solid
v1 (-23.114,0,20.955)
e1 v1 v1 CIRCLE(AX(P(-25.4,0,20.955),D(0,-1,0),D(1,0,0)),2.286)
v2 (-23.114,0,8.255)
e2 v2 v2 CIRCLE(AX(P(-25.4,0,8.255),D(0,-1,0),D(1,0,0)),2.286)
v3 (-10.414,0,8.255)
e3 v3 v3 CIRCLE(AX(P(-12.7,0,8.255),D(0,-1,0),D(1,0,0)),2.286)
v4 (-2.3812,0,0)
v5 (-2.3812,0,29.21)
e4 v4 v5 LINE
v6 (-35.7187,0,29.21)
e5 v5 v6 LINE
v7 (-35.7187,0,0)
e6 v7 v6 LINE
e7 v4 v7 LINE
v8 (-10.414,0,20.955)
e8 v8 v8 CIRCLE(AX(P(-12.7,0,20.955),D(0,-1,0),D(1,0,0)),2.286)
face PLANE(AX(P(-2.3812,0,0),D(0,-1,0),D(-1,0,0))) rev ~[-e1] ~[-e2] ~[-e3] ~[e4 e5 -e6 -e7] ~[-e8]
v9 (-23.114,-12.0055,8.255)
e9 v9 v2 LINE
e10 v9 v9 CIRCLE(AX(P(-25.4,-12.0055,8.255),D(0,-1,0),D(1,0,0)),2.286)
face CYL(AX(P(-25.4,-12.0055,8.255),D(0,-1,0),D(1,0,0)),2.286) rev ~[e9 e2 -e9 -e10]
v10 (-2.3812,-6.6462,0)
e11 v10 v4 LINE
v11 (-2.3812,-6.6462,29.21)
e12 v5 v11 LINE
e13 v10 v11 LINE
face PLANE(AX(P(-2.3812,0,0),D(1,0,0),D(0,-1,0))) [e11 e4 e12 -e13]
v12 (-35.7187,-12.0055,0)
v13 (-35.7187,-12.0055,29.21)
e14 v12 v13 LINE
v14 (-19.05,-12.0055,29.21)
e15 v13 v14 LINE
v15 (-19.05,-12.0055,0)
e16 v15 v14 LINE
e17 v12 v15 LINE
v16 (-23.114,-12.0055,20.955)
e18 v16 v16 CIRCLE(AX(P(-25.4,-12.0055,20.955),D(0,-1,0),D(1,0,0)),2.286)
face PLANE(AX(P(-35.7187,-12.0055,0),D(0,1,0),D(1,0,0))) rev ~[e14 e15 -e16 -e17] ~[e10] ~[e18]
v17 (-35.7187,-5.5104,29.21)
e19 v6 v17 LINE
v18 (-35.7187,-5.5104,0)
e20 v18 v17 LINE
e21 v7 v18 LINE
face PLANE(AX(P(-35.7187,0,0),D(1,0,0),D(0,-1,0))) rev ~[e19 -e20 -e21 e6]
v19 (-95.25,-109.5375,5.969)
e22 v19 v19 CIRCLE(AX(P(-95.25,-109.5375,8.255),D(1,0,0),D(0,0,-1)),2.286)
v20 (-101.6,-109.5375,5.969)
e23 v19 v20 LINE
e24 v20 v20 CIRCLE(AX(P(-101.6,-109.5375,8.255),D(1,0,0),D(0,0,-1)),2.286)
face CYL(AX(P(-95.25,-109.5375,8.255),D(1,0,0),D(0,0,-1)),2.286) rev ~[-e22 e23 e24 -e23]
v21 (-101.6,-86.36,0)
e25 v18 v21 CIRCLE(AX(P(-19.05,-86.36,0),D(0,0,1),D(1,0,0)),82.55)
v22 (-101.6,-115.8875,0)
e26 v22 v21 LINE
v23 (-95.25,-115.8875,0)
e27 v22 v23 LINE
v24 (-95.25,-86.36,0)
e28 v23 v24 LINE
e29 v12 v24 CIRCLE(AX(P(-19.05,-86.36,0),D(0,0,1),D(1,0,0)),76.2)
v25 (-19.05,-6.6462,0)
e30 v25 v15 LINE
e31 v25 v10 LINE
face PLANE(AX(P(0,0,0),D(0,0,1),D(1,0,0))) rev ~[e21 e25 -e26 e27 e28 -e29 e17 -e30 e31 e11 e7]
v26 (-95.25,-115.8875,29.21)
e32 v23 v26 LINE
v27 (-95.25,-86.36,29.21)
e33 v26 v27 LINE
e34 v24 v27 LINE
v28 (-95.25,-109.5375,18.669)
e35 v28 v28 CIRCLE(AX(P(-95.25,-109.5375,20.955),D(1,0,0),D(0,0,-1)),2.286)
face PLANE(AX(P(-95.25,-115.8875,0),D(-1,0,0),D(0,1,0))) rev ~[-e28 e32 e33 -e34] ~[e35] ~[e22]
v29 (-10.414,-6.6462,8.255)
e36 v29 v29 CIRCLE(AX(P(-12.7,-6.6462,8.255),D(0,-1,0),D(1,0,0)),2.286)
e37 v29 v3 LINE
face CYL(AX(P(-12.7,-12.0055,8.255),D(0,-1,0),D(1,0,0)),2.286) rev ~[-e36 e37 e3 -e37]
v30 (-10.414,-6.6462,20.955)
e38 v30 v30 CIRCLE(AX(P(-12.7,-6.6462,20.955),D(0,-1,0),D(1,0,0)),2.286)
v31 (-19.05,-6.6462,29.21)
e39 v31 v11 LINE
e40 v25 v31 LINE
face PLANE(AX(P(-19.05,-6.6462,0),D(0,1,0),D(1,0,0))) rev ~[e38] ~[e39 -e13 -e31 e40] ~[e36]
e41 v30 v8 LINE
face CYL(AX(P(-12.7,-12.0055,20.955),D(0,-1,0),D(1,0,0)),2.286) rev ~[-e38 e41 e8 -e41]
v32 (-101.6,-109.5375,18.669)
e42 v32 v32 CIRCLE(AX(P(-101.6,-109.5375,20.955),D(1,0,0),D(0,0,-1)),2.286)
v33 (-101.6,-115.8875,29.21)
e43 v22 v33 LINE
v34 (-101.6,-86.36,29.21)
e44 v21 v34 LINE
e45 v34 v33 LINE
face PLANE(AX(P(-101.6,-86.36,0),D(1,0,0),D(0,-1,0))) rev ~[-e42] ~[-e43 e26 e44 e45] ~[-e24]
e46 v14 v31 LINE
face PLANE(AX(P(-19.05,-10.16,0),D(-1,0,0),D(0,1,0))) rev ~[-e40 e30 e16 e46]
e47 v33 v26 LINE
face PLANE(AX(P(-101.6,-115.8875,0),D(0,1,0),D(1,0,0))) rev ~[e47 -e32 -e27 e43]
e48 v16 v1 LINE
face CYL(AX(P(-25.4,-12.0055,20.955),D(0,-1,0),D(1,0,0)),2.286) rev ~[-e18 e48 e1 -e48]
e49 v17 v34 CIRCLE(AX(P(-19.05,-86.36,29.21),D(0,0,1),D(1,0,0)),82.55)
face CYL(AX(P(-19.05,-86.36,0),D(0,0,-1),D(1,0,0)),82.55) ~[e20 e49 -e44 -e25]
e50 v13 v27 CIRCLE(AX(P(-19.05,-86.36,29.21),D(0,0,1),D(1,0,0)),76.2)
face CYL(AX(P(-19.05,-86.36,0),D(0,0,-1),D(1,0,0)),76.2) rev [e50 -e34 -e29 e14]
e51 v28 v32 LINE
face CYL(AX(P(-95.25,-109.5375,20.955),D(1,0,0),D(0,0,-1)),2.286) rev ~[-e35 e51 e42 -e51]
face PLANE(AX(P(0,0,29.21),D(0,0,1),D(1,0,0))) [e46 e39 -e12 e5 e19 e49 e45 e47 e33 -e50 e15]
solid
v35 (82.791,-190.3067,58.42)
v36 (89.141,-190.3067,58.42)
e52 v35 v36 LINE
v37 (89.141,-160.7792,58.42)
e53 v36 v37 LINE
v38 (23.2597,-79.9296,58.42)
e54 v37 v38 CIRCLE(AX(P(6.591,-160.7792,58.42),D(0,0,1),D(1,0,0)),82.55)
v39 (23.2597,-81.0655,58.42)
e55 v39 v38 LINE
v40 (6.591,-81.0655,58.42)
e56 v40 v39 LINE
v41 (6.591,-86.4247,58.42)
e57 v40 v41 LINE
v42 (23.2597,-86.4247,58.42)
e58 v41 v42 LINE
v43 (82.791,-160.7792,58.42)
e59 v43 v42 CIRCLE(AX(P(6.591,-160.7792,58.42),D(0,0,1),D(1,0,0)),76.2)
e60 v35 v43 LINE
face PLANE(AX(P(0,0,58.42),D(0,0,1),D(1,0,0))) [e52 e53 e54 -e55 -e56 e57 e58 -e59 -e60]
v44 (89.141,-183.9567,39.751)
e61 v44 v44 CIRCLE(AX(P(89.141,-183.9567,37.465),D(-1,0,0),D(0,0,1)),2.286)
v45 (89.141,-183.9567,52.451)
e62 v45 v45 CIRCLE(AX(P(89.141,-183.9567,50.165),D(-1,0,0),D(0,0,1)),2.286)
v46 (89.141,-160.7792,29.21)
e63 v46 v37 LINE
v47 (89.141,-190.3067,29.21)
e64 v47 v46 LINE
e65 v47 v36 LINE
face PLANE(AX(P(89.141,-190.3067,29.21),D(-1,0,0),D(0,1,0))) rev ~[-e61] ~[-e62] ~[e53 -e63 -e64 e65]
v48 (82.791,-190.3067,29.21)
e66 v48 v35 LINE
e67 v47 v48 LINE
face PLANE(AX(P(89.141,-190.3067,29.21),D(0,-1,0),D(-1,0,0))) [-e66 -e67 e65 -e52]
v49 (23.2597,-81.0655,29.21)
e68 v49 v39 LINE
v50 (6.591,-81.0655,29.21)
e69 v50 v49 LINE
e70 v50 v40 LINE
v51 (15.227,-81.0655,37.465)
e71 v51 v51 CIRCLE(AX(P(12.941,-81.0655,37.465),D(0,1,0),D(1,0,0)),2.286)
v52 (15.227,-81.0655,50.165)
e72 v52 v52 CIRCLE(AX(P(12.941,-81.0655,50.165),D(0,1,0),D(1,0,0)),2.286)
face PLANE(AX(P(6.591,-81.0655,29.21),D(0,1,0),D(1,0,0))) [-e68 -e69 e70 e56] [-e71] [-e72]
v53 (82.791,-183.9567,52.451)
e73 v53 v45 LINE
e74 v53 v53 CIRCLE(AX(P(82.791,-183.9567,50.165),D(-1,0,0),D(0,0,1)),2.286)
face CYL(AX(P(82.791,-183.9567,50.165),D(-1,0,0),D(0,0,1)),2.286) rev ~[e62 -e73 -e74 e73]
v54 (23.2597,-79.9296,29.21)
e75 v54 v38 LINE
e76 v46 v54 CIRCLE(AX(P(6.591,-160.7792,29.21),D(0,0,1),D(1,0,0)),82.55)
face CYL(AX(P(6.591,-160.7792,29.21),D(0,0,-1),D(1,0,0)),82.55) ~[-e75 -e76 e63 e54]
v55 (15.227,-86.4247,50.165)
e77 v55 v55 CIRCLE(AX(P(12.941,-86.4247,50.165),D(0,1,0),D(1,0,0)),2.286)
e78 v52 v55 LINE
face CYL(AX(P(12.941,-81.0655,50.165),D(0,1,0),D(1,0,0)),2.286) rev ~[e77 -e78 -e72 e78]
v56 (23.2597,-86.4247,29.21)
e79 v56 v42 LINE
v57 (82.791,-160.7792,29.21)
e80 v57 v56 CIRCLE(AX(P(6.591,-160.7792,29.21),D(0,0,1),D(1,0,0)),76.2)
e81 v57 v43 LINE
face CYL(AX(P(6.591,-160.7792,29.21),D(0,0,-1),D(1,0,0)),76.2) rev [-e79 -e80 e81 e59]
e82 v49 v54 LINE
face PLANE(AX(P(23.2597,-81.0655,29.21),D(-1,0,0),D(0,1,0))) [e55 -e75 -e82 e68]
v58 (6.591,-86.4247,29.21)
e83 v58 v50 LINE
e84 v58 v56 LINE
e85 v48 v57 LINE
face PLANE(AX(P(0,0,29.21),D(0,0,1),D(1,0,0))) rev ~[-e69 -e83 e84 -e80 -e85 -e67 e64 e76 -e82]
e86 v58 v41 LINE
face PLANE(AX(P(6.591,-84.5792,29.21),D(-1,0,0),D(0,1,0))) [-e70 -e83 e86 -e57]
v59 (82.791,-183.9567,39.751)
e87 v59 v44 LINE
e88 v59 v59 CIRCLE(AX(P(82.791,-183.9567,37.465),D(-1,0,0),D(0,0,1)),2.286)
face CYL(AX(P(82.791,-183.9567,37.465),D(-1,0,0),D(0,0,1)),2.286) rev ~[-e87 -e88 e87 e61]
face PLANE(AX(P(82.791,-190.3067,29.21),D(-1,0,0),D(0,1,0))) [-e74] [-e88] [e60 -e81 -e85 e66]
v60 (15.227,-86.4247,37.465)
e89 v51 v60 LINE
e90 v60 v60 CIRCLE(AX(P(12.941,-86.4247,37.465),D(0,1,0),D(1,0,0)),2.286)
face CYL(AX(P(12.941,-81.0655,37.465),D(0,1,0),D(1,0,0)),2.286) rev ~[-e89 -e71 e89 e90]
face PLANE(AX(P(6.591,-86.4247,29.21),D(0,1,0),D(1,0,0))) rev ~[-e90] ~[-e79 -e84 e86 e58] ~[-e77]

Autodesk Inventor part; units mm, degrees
ref_plane "YZ Plane" through (0, 0, 0) normal (1, 0, 0) x (0, 1, 0)
ref_plane "XZ Plane" through (0, 0, 0) normal (0, 1, 0) x (-1, 0, 0)
ref_plane "XY Plane" through (0, 0, 0) normal (0, 0, 1) x (1, 0, 0)
ref_plane "Work Plane1" through (0, 0, 0) normal (0, 0, 1) x (1, 0, 0)
sketch "Sketch1" plane through (0, 0, 0) normal (0, 0, 1) x (1, 0, 0)
  line L0 (-103.1875, -92.8688) -> (-103.1875, -100.8761)
  line L1 (-2.3812, 0) -> (-35.7187, 0)
  line L2 (63.5, -115.8875) -> (63.5, -53.6292)
  line L3 (62.7062, -115.8875) -> (51.816, -115.8875)
  line L4 (-38.1, 13.2715) -> (-38.1, 2.3812)
  line L5 (0, 2.3812) -> (0, 13.2715)
  line L6 (63.5, -115.8875) -> (57.15, -115.8875)
  line L7 (57.15, -115.8875) -> (57.15, -86.36)
  line L8 (57.15, -86.36) -> (63.5, -86.36)
  line L9 (63.5, -86.36) -> (63.5, -115.8875)
  line L10 (-101.6, -115.8875) -> (-95.25, -115.8875)
  line L11 (-95.25, -115.8875) -> (-95.25, -86.36)
  line L12 (-95.25, -86.36) -> (-101.6, -86.36)
  line L13 (-101.6, -86.36) -> (-101.6, -115.8875)
  arc A0 (63.5, -86.36) -> (-101.6, -86.36) centre (-19.05, -86.36) ccw
  arc A1 (57.15, -86.36) -> (-95.25, -86.36) centre (-19.05, -86.36) ccw
  line L14 (-101.6, -104.2768) -> (-101.6, -115.8875)
  line L15 (-35.7187, 0) -> (-35.7187, -5.5104)
  line L16 (-2.3812, 0) -> (-2.3812, -5.5104)
  line L17 (-35.7187, 0) -> (-2.3812, 0)
  line L18 (-35.7187, -12.0055) -> (-2.3812, -12.0055)
  line L19 (-19.05, -12.0055) -> (-19.05, -6.6462)
  line L20 (-19.05, -6.6462) -> (-2.3812, -6.6462)
  line L21 (-2.3812, -6.6462) -> (-2.3812, -5.5104)
  point P0 (0, 0)
  point P1 (57.2611, -115.8875)
  point P2 (-19.05, 0)
  point P3 (-19.05, -3.81)
extrude "Extrusion1" add sketch "Sketch1" along normal blind 29.21 contours L16 A0 L15 L1 | L21 L20 L19 A1 L12 A0 | L12 L11 L10 L13 | L19 L18 A1 picked at (-28.3271, -11.6643)
sketch "Sketch2" plane through (0, 0, 29.21) normal (0, 0, 1) x (1, 0, 0)
  line L0 (-77.5465, -167.288) -> (-77.5465, -175.2953)
  line L1 (23.2597, -74.4192) -> (-10.0778, -74.4192)
  line L2 (89.141, -190.3067) -> (89.141, -128.0485)
  line L3 (88.3472, -190.3067) -> (77.457, -190.3067)
  line L4 (-12.459, -61.1477) -> (-12.459, -72.038)
  line L5 (25.641, -72.038) -> (25.641, -61.1477)
  line L6 (89.141, -190.3067) -> (82.791, -190.3067)
  line L7 (82.791, -190.3067) -> (82.791, -160.7792)
  line L8 (82.791, -160.7792) -> (89.141, -160.7792)
  line L9 (89.141, -160.7792) -> (89.141, -190.3067)
  line L10 (-75.959, -190.3067) -> (-69.609, -190.3067)
  line L11 (-69.609, -190.3067) -> (-69.609, -160.7792)
  line L12 (-69.609, -160.7792) -> (-75.959, -160.7792)
  line L13 (-75.959, -160.7792) -> (-75.959, -190.3067)
  arc A0 (89.141, -160.7792) -> (-75.959, -160.7792) centre (6.591, -160.7792) ccw
  arc A1 (82.791, -160.7792) -> (-69.609, -160.7792) centre (6.591, -160.7792) ccw
  line L14 (-75.959, -178.6961) -> (-75.959, -190.3067)
  line L15 (-10.0778, -74.4192) -> (-10.0778, -79.9296)
  line L16 (23.2597, -74.4192) -> (23.2597, -79.9296)
  line L17 (-10.0778, -74.4192) -> (23.2597, -74.4192)
  line L18 (-10.0778, -86.4247) -> (23.2597, -86.4247)
  line L19 (6.591, -86.4247) -> (6.591, -81.0655)
  line L20 (6.591, -81.0655) -> (23.2597, -81.0655)
  line L21 (23.2597, -81.0655) -> (23.2597, -79.9296)
  point P0 (0, 0)
  point P1 (25.641, -74.4192)
  point P2 (82.9021, -190.3067)
  point P3 (6.591, -74.4192)
  point P4 (6.591, -78.2292)
  dimension "d7" = 6.35
  dimension "d8" = 6.35
  dimension "d9" = 3.81
extrude "Extrusion2" add sketch "Sketch2" along normal blind 29.21 separate body contours A0 L8 A1 L19 L20 L21 | L2 L6 L3 L7 L8 | L18 L19 A1 picked at (15.8681, -86.0836)
sketch "Sketch3" plane through (-95.25, -115.8875, 0) normal (1, 0, 0) x (0, 0, -1)
  circle A0 centre (-8.255, 6.35) radius 2.286
  circle A1 centre (-20.955, 6.35) radius 2.286
  line L0 (0, 0) -> (0, 29.5275) projected
  line L1 (0, 0) -> (-29.21, 0) projected
  point P0 (0, 115.8875)
  dimension "d12" = 4.572
  dimension "d13" = 4.572
  dimension "d14" = 12.7
  dimension "d15" = 8.255
  dimension "d42" = 6.35
extrude "Extrusion3" cut sketch "Sketch3" against normal blind 29.21 bodies 1
sketch "Sketch4" plane through (-35.7187, -12.0055, 0) normal (0, -1, 0) x (1, 0, 0)
  circle A0 centre (10.3187, 20.955) radius 2.286
  circle A1 centre (10.3187, 8.255) radius 2.286
  circle A2 centre (23.0187, 20.955) radius 2.286
  circle A3 centre (23.0187, 8.255) radius 2.286
  line L0 (16.6688, 0) -> (16.6687, 29.21) projected
  line L1 (0, 0) -> (16.6688, 0) projected
  point P0 (35.7187, 0)
  dimension "d18" = 4.572
  dimension "d19" = 4.572
  dimension "d20" = 12.7
  dimension "d21" = 4.572
  dimension "d22" = 4.572
  dimension "d23" = 12.7
  dimension "d24" = 6.35
  dimension "d25" = 8.255
extrude "Extrusion4" cut sketch "Sketch4" against normal blind 29.21 bodies 1
sketch "Sketch5" plane through (6.591, -81.0655, 29.21) normal (0, 1, 0) x (1, 0, 0)
  circle A0 centre (6.35, -20.955) radius 2.286
  circle A1 centre (6.35, -8.255) radius 2.286
  line L0 (16.6688, -29.21) -> (0, -29.21) projected
  line L1 (0, 0) -> (0, -29.21) projected
  point P0 (-6.591, 29.21)
  dimension "d28" = 4.572
  dimension "d29" = 4.572
  dimension "d30" = 12.7
  dimension "d31" = 8.255
  dimension "d32" = 6.35
extrude "Extrusion5" cut sketch "Sketch5" against normal blind 29.21 bodies 2
sketch "Sketch6" plane through (82.791, -190.3067, 29.21) normal (-1, 0, 0) x (0, 0, 1)
  circle A0 centre (8.255, 6.35) radius 2.286
  circle A1 centre (20.955, 6.35) radius 2.286
  line L0 (0, 29.5275) -> (0, 0) projected
  line L1 (0, 0) -> (29.21, 0) projected
  point P0 (-29.21, 190.3067)
  dimension "d35" = 4.572
  dimension "d36" = 4.572
  dimension "d37" = 12.7
  dimension "d38" = 8.255
  dimension "d39" = 6.35
extrude "Extrusion6" cut sketch "Sketch6" against normal blind 29.21 bodies 2
properties part number "intakeConstraint"
